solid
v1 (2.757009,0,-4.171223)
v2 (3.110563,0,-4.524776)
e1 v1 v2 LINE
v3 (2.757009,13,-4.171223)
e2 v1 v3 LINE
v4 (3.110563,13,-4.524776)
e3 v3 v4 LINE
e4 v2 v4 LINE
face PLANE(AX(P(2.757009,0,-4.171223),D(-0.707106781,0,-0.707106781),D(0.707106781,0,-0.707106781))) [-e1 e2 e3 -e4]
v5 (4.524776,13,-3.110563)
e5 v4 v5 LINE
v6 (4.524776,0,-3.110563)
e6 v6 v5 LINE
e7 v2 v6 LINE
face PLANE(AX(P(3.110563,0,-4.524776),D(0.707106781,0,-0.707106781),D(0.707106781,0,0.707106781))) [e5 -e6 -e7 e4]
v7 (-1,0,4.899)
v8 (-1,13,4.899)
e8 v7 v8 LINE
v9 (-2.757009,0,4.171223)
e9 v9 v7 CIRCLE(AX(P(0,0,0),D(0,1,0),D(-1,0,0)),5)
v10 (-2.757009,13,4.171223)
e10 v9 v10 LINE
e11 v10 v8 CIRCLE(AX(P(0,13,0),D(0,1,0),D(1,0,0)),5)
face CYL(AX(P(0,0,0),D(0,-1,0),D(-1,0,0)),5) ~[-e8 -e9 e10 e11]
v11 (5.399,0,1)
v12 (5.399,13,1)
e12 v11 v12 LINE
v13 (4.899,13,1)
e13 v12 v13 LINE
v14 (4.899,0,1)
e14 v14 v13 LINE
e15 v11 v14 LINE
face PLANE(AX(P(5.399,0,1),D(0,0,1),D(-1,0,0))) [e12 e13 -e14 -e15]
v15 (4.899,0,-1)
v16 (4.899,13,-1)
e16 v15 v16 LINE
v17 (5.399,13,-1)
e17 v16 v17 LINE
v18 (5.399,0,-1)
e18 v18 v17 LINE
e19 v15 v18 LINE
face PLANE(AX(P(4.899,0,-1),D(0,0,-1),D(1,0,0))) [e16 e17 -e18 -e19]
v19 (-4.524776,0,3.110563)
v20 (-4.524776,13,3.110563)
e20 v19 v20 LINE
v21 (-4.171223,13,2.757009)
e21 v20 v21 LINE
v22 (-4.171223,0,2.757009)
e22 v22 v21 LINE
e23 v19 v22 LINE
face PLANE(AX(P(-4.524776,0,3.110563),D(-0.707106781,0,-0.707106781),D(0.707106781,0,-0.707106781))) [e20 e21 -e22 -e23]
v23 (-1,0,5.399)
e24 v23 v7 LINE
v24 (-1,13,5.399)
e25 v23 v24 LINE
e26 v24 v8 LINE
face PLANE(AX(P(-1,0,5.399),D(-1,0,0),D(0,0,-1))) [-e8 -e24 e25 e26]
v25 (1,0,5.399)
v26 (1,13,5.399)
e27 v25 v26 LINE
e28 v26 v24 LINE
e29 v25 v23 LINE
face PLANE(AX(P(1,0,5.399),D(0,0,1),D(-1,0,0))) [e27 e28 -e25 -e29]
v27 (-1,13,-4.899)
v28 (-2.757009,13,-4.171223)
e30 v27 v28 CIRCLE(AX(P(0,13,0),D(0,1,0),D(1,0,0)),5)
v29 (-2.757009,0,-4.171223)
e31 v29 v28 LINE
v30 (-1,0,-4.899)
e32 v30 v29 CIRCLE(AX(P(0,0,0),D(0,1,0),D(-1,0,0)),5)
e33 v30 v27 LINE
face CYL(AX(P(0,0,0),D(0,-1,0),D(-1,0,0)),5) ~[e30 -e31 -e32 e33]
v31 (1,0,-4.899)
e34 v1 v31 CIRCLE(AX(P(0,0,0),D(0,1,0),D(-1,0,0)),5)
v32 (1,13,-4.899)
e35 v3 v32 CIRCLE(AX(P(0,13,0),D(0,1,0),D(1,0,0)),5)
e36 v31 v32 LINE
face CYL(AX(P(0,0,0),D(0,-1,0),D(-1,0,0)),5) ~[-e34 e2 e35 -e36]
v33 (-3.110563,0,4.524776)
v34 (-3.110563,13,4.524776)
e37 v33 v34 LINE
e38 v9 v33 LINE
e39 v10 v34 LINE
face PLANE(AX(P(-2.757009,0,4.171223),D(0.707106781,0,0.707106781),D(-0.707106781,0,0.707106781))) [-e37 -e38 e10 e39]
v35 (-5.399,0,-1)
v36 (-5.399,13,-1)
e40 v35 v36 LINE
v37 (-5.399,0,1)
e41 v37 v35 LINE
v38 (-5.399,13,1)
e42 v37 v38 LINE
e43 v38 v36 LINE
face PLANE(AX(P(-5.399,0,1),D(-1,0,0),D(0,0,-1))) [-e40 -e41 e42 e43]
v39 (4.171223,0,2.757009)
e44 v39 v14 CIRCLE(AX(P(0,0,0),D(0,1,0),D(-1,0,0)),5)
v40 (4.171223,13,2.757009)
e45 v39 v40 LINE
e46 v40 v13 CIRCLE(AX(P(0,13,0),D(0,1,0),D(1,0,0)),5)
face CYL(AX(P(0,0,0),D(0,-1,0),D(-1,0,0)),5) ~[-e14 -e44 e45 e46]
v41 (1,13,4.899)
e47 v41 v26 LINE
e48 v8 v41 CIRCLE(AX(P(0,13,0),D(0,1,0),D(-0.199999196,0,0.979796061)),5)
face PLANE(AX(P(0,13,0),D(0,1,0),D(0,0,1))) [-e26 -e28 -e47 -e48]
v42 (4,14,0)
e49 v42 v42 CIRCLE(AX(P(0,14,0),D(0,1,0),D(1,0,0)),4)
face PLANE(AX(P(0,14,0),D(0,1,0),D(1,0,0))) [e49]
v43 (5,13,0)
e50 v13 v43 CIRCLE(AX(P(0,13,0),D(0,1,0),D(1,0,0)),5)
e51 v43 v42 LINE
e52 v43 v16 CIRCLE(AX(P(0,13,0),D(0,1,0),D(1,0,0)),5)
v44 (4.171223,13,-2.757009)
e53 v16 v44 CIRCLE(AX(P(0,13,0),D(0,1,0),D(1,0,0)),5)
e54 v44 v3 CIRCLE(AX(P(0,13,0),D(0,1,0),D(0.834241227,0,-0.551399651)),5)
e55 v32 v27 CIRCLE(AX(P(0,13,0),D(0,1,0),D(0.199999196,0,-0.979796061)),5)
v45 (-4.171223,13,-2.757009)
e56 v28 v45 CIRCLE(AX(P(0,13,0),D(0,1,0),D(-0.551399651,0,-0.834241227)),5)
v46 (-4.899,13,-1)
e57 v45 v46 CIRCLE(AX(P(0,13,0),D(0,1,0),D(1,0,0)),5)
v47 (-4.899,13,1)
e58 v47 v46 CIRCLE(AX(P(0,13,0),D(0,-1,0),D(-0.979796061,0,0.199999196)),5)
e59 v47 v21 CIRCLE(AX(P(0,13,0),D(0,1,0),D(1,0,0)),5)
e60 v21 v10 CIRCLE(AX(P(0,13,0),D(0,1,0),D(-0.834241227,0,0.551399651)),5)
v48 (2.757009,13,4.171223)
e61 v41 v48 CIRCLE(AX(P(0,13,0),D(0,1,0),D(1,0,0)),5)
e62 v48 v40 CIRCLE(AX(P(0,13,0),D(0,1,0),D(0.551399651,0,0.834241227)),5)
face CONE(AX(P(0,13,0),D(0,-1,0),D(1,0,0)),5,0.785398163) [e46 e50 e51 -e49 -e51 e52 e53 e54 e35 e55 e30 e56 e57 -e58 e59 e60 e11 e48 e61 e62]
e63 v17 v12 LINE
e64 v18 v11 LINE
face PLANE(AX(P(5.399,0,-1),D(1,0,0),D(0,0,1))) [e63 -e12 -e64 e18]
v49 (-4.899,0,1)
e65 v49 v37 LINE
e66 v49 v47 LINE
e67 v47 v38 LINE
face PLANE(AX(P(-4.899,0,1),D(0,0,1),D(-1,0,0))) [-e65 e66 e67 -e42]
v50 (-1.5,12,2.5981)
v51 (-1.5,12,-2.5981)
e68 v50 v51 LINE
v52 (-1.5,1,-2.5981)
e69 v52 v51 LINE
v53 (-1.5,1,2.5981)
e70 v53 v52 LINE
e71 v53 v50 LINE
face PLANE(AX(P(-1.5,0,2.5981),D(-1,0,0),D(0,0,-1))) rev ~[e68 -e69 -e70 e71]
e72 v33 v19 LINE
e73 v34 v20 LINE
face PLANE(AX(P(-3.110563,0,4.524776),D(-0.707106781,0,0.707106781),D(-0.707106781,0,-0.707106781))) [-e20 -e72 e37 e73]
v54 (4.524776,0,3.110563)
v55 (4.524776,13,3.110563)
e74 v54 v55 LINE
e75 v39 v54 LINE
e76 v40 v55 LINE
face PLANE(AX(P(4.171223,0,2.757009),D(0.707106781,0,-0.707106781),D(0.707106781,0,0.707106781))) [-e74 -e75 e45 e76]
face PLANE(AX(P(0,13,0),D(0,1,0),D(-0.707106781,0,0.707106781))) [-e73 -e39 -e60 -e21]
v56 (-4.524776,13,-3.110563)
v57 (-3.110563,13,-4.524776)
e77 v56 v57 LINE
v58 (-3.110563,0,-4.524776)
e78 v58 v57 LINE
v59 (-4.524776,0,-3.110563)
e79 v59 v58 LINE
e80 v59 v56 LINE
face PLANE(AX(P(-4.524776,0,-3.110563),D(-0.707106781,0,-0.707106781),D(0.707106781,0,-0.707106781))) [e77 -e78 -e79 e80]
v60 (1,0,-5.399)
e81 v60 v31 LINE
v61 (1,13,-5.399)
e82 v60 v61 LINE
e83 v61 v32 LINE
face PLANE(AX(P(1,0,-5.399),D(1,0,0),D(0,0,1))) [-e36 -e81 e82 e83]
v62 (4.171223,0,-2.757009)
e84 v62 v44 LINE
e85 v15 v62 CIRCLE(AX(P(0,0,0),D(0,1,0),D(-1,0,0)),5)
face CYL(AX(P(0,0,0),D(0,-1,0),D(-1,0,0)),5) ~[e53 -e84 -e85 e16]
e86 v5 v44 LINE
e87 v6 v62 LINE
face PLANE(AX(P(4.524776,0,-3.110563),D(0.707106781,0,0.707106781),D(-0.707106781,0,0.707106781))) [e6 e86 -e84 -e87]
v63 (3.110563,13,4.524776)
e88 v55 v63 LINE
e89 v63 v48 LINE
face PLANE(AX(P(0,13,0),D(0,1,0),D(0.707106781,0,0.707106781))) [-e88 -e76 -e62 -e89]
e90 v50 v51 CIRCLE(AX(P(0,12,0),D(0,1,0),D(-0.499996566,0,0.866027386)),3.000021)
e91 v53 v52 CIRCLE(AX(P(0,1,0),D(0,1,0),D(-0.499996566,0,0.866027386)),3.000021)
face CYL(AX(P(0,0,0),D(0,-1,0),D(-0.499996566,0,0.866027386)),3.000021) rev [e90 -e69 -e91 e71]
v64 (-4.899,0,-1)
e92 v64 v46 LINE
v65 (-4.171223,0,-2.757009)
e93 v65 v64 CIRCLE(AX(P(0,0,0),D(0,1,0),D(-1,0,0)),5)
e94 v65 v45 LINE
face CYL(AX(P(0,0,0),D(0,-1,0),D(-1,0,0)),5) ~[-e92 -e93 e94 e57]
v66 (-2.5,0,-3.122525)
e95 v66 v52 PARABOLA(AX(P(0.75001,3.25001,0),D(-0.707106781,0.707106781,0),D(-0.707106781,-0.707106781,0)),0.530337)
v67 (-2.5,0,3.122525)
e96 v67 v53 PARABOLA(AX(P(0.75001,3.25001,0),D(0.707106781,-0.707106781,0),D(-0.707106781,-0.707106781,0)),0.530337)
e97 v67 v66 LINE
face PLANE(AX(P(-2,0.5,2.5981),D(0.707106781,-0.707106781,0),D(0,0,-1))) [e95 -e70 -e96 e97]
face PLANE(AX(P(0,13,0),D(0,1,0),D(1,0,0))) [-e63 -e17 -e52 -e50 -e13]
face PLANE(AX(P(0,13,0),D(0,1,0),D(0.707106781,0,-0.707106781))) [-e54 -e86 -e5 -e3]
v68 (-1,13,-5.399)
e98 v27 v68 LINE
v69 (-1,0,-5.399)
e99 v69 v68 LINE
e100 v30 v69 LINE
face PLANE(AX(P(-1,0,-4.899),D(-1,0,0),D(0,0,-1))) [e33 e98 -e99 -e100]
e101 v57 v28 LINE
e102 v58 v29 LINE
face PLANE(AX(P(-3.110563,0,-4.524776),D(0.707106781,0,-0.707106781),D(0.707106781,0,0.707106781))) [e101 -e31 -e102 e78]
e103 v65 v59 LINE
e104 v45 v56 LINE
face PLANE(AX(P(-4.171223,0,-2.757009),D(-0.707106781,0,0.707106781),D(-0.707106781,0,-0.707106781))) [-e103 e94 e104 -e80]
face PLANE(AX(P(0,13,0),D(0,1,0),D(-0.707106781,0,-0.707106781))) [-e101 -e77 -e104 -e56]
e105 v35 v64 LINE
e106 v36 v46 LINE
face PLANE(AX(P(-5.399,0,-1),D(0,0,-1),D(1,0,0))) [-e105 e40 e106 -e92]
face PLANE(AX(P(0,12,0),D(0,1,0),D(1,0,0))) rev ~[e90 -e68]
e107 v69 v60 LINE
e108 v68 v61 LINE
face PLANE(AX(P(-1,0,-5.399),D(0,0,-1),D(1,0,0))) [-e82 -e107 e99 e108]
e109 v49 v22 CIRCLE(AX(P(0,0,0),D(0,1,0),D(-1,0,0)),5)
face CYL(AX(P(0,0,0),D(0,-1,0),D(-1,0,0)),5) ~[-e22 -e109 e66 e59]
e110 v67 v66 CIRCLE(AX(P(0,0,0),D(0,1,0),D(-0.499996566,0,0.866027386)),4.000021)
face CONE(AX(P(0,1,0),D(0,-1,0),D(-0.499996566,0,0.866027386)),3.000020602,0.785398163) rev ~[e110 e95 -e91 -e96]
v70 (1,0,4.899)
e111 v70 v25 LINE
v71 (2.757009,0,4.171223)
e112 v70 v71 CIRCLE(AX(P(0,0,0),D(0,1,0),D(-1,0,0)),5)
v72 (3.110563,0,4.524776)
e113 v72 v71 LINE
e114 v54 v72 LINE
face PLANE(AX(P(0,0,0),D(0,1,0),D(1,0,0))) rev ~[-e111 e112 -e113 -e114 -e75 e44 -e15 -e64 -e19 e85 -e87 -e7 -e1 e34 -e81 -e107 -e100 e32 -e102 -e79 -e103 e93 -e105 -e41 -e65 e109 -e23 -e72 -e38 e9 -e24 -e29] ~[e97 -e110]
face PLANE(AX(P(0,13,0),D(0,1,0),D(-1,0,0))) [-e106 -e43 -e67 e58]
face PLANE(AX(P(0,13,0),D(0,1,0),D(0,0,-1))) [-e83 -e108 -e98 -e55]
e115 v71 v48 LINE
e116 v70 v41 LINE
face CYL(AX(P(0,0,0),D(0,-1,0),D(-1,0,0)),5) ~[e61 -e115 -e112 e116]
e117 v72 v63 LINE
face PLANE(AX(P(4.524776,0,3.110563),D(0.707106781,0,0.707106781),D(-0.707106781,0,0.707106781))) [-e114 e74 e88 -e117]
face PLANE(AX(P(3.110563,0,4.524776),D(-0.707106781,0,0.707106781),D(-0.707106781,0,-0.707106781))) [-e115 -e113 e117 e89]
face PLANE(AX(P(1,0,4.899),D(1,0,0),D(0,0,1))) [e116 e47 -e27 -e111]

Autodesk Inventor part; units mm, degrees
ref_plane "YZ Plane" through (0, 0, 0) normal (1, 0, 0) x (0, 1, 0)
ref_plane "XY Plane" through (0, 0, 0) normal (0, 0, 1) x (1, 0, 0)
sketch "Sketch1" plane through (0, 0, 0) normal (0, 1, 0) x (-1, 0, 0)
  arc A0 (1.5, 2.5981) -> (1.5, -2.5981) centre (0, 0) ccw
  line L0 (1.5, 2.5981) -> (1.5, -2.5981)
  line L1 (1.5, 0) -> (-3, 0) construction
  circle A1 centre (0, 0) radius 5
  dimension "d0" = 6
  dimension "d1" = 4.5
  dimension "d2" = 10
extrude "Extrusion1" add sketch "Sketch1" along normal blind 12
sketch "Sketch2" plane through (0, 12, 0) normal (0, 1, 0) x (1, 0, 0)
  circle A0 centre (0, 0) radius 5
extrude "Extrusion2" add sketch "Sketch2" along normal blind 2
chamfer "Chamfer1" distance 1 angle 45 1 edges at (-5, 14, 0)
sketch "Sketch3" plane through (0, 0, 0) normal (0, 1, 0) x (-1, 0, 0)
  circle A0 centre (0, 0) radius 5 projected
  line L0 (4.899, 1) -> (5.399, 1)
  line L1 (5.399, 1) -> (5.399, -1)
  line L2 (5.399, -1) -> (4.899, -1)
  arc A1 (4.899, -1) -> (4.899, 1) centre (0, 0) ccw
  dimension "d10" = 2
  dimension "d11" = 0.5
  dimension "d12" = 1
extrude "Extrusion3" add sketch "Sketch3" along normal blind 13 contours A0 L0 L1 L2
pattern_circular "Circular Pattern1" count 8 over 360 about axis through (0, 0, 0) along (0, 1, 0) of "Extrusion3"
chamfer "Chamfer2" distance 1 angle 45 2 edges at (-1.5, 0, 0) (3, 0, 0)
properties part number "Pot-knob"
